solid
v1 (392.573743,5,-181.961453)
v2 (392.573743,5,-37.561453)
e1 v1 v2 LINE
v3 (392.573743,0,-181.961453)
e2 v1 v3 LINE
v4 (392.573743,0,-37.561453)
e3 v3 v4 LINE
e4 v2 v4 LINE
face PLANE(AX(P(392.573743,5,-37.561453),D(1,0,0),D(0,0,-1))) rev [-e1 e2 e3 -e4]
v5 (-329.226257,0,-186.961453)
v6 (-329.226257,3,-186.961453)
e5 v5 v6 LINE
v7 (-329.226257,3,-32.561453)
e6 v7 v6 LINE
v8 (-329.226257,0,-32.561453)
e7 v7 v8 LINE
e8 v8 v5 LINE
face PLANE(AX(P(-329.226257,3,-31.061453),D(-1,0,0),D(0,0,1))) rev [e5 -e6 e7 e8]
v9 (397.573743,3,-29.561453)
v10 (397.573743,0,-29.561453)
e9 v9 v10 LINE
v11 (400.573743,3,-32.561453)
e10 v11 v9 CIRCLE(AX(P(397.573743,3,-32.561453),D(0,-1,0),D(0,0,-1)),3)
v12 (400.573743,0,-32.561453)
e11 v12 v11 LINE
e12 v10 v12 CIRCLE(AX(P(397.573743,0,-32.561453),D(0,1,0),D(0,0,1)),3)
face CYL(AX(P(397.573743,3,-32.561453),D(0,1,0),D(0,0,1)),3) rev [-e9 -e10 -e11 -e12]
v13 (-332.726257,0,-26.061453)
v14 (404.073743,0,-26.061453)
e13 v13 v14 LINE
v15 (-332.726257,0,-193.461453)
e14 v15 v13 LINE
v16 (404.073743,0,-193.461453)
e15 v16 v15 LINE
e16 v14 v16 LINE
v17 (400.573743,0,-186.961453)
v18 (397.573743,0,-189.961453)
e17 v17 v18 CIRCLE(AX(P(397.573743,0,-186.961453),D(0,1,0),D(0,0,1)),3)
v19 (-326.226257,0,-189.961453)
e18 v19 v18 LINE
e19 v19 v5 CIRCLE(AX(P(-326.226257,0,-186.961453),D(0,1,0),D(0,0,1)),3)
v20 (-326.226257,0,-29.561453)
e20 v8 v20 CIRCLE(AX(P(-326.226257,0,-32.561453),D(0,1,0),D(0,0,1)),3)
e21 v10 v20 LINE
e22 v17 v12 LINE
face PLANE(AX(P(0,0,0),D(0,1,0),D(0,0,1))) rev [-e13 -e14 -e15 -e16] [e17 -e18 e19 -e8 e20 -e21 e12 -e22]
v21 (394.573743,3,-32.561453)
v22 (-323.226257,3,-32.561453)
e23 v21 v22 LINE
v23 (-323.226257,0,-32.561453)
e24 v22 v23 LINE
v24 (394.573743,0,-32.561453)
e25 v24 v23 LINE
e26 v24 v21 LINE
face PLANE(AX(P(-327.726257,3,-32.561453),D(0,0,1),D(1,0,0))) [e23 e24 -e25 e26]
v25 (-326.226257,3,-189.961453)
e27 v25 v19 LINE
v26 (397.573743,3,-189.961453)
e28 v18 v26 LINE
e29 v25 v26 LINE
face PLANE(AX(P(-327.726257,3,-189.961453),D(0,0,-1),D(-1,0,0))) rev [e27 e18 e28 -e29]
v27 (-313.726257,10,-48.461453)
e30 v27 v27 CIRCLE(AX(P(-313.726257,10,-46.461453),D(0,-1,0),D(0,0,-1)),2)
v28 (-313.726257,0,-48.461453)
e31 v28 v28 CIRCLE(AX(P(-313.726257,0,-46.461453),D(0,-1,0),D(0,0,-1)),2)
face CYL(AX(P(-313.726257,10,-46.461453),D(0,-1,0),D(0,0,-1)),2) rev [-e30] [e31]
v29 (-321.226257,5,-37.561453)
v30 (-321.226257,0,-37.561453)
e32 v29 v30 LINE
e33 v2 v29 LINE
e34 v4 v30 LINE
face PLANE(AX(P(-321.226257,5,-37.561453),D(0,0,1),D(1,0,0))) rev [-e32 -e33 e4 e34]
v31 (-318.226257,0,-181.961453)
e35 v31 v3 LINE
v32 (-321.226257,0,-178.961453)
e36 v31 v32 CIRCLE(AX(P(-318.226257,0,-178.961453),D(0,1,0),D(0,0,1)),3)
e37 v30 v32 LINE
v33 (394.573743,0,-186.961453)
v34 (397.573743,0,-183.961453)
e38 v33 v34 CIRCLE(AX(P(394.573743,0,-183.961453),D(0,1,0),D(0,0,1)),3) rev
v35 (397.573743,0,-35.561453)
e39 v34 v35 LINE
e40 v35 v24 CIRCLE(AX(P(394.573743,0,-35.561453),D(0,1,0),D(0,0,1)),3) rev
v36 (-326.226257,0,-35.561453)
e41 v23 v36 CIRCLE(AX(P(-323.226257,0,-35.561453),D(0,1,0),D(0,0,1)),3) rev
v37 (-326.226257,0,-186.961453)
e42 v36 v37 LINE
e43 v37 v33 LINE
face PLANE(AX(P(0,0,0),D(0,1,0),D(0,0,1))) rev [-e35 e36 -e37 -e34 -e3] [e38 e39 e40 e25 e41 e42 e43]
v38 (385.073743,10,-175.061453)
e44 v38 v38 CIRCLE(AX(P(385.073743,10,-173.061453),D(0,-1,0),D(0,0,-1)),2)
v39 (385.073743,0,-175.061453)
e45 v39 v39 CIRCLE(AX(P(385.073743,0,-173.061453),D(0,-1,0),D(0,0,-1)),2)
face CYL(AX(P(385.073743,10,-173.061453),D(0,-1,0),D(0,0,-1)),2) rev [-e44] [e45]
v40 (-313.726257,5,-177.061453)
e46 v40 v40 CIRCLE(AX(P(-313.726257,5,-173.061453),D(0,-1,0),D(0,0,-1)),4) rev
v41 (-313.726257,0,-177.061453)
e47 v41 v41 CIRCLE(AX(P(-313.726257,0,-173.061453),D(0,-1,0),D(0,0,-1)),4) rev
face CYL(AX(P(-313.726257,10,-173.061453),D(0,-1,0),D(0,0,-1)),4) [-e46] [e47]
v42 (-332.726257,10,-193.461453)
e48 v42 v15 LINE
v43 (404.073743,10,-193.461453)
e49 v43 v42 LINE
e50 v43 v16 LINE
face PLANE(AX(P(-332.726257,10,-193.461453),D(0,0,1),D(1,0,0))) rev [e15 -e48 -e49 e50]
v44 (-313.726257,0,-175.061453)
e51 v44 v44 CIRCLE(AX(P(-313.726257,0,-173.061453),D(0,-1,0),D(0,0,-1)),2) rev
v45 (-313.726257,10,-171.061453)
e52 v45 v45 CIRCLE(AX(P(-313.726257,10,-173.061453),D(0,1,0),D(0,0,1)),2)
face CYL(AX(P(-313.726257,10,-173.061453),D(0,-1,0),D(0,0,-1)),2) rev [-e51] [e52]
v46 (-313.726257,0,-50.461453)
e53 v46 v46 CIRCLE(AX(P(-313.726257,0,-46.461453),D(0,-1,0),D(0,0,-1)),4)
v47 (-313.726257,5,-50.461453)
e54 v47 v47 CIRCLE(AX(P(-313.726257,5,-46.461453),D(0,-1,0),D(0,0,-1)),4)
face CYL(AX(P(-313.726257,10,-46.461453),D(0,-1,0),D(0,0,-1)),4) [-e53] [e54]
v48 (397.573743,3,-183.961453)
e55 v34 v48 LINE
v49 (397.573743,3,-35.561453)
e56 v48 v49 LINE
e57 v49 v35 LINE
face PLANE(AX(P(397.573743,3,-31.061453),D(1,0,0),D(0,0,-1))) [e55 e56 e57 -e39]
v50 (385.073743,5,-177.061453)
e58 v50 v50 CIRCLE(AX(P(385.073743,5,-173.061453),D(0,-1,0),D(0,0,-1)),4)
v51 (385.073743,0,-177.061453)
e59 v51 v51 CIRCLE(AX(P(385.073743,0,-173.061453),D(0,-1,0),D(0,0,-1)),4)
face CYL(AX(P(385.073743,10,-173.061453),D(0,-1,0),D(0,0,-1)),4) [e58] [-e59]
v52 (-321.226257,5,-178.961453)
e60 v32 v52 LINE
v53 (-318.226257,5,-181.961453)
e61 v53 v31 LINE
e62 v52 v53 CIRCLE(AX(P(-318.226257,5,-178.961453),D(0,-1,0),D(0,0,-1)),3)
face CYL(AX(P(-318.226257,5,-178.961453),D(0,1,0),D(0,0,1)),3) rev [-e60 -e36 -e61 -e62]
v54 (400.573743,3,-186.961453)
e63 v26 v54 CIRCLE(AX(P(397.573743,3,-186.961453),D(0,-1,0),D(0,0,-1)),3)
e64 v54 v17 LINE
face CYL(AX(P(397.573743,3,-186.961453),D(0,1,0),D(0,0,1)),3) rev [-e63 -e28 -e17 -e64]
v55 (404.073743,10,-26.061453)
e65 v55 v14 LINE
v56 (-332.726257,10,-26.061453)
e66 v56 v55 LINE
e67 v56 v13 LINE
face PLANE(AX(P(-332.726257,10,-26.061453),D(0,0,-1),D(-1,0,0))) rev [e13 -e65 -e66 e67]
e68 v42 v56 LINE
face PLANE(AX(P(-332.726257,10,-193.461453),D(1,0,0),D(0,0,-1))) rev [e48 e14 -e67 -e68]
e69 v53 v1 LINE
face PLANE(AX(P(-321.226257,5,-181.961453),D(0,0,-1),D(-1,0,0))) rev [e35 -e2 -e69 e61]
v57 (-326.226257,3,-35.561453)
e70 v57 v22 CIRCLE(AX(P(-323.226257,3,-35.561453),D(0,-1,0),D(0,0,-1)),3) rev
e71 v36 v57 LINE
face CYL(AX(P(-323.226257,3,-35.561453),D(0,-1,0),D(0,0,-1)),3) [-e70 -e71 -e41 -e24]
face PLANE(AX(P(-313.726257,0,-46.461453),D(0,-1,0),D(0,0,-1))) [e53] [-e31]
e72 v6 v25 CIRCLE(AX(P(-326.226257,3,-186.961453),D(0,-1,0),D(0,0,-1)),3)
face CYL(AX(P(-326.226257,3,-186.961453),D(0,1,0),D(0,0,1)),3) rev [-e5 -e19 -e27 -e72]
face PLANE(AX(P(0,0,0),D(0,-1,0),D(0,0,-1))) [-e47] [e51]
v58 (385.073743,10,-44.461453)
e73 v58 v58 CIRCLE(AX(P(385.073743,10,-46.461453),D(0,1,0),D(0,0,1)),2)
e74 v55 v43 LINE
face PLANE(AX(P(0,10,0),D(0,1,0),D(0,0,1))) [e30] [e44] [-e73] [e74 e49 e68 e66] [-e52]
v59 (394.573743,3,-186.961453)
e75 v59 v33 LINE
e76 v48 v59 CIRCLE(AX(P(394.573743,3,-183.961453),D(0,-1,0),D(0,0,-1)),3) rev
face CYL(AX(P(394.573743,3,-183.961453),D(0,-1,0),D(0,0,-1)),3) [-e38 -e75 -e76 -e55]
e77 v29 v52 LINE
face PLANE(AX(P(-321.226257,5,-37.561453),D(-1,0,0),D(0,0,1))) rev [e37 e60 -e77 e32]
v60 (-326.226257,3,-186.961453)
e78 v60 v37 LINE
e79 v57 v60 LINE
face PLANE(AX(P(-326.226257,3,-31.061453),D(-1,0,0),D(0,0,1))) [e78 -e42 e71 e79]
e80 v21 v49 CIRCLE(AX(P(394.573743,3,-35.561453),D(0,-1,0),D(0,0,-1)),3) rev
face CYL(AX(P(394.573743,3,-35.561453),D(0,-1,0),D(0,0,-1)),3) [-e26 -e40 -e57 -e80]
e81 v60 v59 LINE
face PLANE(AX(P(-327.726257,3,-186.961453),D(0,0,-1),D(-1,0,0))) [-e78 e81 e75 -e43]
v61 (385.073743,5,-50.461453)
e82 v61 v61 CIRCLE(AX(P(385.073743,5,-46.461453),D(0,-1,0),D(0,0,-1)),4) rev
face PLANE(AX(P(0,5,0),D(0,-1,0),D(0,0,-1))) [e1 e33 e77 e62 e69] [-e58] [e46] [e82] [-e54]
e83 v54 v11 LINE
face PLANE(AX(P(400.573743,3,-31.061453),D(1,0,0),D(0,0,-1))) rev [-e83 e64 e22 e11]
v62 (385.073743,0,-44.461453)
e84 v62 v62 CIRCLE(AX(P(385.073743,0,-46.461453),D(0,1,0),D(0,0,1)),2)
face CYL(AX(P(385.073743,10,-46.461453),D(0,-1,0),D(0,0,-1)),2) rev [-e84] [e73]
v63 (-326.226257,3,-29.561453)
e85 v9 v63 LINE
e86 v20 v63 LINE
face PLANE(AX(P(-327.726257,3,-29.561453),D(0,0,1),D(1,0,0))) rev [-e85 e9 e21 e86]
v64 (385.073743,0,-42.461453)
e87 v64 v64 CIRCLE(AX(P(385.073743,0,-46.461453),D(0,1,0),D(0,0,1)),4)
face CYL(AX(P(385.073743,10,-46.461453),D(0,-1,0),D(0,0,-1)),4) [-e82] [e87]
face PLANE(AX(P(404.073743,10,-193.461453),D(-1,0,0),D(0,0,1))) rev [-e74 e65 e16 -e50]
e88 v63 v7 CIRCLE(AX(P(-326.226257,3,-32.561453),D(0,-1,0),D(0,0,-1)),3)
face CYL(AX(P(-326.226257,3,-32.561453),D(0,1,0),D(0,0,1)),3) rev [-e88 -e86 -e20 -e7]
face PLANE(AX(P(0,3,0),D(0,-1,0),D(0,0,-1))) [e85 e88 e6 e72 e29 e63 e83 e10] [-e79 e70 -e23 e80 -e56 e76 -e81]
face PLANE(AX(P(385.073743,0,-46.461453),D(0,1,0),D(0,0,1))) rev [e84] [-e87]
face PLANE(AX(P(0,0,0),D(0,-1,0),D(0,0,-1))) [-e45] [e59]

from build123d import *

# Parameters (mm, degrees)
SZKIC1_W                                   = 736.8
SZKIC1_H                                   = 167.4
DODANIE_WYCI_GNI_CIE1_DEPTH                = 10
SZKIC2_W                                   = 729.8
SZKIC2_H                                   = 160.4
SZKIC2_W_2                                 = 723.8
SZKIC2_H_2                                 = 154.4
WYCI_CIE_WYCI_GNI_CIE_CIENKA_CIANKA1_DEPTH = 3
SZKIC3_W                                   = 713.8
SZKIC3_H                                   = 144.4
WYTNIJ_WYCI_GNI_CIE1_DEPTH                 = 5
ZAOKR_GLENIE1_R                            = 3
SZKIC4_R                                   = 4
SZKIC4_R_2                                 = 2
DODANIE_WYCI_GNI_CIE2_DEPTH                = 10
SZKIC4_3_R                                 = 2
WYTNIJ_WYCI_GNI_CIE2_DEPTH                 = 10


with BuildPart() as part:
    # Szkic1 → Dodanie-wyci_gni_cie1 (new body)
    with BuildSketch(Plane(origin=(0, 0, 0), x_dir=(1, 0, 0), z_dir=(0, 1, 0))):
        with Locations((35.673743017, 109.761452514)):
            Rectangle(SZKIC1_W, SZKIC1_H)
    extrude(amount=DODANIE_WYCI_GNI_CIE1_DEPTH)

    # Szkic2 → Wyci_cie-wyci_gni_cie-cienka _cianka1 (cut)
    with BuildSketch(Plane.XZ):
        with Locations((35.673743017, -109.761452514)):
            Rectangle(SZKIC2_W, SZKIC2_H)
        with Locations((35.673743017, -109.761452514)):
            Rectangle(SZKIC2_W_2, SZKIC2_H_2, mode=Mode.SUBTRACT)
    extrude(amount=-WYCI_CIE_WYCI_GNI_CIE_CIENKA_CIANKA1_DEPTH, mode=Mode.SUBTRACT)

    # Szkic3 → Wytnij-wyci_gni_cie1 (cut)
    with BuildSketch(Plane.XZ):
        with Locations((35.673743017, -109.761452514)):
            Rectangle(SZKIC3_W, SZKIC3_H)
    extrude(amount=-WYTNIJ_WYCI_GNI_CIE1_DEPTH, mode=Mode.SUBTRACT)

    # Zaokr_glenie1
    zaokr_glenie1_edges = [part.edges().sort_by_distance(p)[0] for p in [
        (-321.226256983, 2.5, -181.961452514),
        (-329.226256983, 1.5, -189.961452514),
        (-329.226256983, 1.5, -29.561452514),
        (-326.226256983, 1.5, -32.561452514),
        (397.573743017, 1.5, -32.561452514),
        (400.573743017, 1.5, -29.561452514),
        (400.573743017, 1.5, -189.961452514),
        (397.573743017, 1.5, -186.961452514),
    ]]
    fillet(zaokr_glenie1_edges, radius=ZAOKR_GLENIE1_R)

    # Szkic4 → Dodanie-wyci_gni_cie2 (add)
    # profile 1 of 4: a face of its own
    with BuildSketch(Plane.XZ):
        with Locations((-313.726256983, -46.461452514)):
            Circle(SZKIC4_R)
    # profile 2 of 4: a face of its own
    with BuildSketch(Plane.XZ):
        with Locations((-313.726256983, -173.061452514)):
            Circle(SZKIC4_R)
        with Locations((-313.726256983, -173.061452514)):
            Circle(SZKIC4_R_2, mode=Mode.SUBTRACT)
    # profile 3 of 4: a face of its own
    with BuildSketch(Plane.XZ):
        with Locations((385.073743017, -173.061452514)):
            Circle(SZKIC4_R)
        with Locations((385.073743017, -173.061452514)):
            Circle(SZKIC4_R_2, mode=Mode.SUBTRACT)
    # profile 4 of 4: a face of its own
    with BuildSketch(Plane.XZ):
        with Locations((385.073743017, -46.461452514)):
            Circle(SZKIC4_R)
    extrude(amount=-DODANIE_WYCI_GNI_CIE2_DEPTH)

    # Szkic4_3 → Wytnij-wyci_gni_cie2 (cut)
    with BuildSketch(Plane.XZ):
        with Locations((-313.726256983, -46.461452514)):
            Circle(SZKIC4_3_R)
        with Locations((-313.726256983, -173.061452514)):
            Circle(SZKIC4_3_R)
        with Locations((385.073743017, -173.061452514)):
            Circle(SZKIC4_3_R)
        with Locations((385.073743017, -46.461452514)):
            Circle(SZKIC4_3_R)
    extrude(amount=-WYTNIJ_WYCI_GNI_CIE2_DEPTH, mode=Mode.SUBTRACT)


solid = part.part
